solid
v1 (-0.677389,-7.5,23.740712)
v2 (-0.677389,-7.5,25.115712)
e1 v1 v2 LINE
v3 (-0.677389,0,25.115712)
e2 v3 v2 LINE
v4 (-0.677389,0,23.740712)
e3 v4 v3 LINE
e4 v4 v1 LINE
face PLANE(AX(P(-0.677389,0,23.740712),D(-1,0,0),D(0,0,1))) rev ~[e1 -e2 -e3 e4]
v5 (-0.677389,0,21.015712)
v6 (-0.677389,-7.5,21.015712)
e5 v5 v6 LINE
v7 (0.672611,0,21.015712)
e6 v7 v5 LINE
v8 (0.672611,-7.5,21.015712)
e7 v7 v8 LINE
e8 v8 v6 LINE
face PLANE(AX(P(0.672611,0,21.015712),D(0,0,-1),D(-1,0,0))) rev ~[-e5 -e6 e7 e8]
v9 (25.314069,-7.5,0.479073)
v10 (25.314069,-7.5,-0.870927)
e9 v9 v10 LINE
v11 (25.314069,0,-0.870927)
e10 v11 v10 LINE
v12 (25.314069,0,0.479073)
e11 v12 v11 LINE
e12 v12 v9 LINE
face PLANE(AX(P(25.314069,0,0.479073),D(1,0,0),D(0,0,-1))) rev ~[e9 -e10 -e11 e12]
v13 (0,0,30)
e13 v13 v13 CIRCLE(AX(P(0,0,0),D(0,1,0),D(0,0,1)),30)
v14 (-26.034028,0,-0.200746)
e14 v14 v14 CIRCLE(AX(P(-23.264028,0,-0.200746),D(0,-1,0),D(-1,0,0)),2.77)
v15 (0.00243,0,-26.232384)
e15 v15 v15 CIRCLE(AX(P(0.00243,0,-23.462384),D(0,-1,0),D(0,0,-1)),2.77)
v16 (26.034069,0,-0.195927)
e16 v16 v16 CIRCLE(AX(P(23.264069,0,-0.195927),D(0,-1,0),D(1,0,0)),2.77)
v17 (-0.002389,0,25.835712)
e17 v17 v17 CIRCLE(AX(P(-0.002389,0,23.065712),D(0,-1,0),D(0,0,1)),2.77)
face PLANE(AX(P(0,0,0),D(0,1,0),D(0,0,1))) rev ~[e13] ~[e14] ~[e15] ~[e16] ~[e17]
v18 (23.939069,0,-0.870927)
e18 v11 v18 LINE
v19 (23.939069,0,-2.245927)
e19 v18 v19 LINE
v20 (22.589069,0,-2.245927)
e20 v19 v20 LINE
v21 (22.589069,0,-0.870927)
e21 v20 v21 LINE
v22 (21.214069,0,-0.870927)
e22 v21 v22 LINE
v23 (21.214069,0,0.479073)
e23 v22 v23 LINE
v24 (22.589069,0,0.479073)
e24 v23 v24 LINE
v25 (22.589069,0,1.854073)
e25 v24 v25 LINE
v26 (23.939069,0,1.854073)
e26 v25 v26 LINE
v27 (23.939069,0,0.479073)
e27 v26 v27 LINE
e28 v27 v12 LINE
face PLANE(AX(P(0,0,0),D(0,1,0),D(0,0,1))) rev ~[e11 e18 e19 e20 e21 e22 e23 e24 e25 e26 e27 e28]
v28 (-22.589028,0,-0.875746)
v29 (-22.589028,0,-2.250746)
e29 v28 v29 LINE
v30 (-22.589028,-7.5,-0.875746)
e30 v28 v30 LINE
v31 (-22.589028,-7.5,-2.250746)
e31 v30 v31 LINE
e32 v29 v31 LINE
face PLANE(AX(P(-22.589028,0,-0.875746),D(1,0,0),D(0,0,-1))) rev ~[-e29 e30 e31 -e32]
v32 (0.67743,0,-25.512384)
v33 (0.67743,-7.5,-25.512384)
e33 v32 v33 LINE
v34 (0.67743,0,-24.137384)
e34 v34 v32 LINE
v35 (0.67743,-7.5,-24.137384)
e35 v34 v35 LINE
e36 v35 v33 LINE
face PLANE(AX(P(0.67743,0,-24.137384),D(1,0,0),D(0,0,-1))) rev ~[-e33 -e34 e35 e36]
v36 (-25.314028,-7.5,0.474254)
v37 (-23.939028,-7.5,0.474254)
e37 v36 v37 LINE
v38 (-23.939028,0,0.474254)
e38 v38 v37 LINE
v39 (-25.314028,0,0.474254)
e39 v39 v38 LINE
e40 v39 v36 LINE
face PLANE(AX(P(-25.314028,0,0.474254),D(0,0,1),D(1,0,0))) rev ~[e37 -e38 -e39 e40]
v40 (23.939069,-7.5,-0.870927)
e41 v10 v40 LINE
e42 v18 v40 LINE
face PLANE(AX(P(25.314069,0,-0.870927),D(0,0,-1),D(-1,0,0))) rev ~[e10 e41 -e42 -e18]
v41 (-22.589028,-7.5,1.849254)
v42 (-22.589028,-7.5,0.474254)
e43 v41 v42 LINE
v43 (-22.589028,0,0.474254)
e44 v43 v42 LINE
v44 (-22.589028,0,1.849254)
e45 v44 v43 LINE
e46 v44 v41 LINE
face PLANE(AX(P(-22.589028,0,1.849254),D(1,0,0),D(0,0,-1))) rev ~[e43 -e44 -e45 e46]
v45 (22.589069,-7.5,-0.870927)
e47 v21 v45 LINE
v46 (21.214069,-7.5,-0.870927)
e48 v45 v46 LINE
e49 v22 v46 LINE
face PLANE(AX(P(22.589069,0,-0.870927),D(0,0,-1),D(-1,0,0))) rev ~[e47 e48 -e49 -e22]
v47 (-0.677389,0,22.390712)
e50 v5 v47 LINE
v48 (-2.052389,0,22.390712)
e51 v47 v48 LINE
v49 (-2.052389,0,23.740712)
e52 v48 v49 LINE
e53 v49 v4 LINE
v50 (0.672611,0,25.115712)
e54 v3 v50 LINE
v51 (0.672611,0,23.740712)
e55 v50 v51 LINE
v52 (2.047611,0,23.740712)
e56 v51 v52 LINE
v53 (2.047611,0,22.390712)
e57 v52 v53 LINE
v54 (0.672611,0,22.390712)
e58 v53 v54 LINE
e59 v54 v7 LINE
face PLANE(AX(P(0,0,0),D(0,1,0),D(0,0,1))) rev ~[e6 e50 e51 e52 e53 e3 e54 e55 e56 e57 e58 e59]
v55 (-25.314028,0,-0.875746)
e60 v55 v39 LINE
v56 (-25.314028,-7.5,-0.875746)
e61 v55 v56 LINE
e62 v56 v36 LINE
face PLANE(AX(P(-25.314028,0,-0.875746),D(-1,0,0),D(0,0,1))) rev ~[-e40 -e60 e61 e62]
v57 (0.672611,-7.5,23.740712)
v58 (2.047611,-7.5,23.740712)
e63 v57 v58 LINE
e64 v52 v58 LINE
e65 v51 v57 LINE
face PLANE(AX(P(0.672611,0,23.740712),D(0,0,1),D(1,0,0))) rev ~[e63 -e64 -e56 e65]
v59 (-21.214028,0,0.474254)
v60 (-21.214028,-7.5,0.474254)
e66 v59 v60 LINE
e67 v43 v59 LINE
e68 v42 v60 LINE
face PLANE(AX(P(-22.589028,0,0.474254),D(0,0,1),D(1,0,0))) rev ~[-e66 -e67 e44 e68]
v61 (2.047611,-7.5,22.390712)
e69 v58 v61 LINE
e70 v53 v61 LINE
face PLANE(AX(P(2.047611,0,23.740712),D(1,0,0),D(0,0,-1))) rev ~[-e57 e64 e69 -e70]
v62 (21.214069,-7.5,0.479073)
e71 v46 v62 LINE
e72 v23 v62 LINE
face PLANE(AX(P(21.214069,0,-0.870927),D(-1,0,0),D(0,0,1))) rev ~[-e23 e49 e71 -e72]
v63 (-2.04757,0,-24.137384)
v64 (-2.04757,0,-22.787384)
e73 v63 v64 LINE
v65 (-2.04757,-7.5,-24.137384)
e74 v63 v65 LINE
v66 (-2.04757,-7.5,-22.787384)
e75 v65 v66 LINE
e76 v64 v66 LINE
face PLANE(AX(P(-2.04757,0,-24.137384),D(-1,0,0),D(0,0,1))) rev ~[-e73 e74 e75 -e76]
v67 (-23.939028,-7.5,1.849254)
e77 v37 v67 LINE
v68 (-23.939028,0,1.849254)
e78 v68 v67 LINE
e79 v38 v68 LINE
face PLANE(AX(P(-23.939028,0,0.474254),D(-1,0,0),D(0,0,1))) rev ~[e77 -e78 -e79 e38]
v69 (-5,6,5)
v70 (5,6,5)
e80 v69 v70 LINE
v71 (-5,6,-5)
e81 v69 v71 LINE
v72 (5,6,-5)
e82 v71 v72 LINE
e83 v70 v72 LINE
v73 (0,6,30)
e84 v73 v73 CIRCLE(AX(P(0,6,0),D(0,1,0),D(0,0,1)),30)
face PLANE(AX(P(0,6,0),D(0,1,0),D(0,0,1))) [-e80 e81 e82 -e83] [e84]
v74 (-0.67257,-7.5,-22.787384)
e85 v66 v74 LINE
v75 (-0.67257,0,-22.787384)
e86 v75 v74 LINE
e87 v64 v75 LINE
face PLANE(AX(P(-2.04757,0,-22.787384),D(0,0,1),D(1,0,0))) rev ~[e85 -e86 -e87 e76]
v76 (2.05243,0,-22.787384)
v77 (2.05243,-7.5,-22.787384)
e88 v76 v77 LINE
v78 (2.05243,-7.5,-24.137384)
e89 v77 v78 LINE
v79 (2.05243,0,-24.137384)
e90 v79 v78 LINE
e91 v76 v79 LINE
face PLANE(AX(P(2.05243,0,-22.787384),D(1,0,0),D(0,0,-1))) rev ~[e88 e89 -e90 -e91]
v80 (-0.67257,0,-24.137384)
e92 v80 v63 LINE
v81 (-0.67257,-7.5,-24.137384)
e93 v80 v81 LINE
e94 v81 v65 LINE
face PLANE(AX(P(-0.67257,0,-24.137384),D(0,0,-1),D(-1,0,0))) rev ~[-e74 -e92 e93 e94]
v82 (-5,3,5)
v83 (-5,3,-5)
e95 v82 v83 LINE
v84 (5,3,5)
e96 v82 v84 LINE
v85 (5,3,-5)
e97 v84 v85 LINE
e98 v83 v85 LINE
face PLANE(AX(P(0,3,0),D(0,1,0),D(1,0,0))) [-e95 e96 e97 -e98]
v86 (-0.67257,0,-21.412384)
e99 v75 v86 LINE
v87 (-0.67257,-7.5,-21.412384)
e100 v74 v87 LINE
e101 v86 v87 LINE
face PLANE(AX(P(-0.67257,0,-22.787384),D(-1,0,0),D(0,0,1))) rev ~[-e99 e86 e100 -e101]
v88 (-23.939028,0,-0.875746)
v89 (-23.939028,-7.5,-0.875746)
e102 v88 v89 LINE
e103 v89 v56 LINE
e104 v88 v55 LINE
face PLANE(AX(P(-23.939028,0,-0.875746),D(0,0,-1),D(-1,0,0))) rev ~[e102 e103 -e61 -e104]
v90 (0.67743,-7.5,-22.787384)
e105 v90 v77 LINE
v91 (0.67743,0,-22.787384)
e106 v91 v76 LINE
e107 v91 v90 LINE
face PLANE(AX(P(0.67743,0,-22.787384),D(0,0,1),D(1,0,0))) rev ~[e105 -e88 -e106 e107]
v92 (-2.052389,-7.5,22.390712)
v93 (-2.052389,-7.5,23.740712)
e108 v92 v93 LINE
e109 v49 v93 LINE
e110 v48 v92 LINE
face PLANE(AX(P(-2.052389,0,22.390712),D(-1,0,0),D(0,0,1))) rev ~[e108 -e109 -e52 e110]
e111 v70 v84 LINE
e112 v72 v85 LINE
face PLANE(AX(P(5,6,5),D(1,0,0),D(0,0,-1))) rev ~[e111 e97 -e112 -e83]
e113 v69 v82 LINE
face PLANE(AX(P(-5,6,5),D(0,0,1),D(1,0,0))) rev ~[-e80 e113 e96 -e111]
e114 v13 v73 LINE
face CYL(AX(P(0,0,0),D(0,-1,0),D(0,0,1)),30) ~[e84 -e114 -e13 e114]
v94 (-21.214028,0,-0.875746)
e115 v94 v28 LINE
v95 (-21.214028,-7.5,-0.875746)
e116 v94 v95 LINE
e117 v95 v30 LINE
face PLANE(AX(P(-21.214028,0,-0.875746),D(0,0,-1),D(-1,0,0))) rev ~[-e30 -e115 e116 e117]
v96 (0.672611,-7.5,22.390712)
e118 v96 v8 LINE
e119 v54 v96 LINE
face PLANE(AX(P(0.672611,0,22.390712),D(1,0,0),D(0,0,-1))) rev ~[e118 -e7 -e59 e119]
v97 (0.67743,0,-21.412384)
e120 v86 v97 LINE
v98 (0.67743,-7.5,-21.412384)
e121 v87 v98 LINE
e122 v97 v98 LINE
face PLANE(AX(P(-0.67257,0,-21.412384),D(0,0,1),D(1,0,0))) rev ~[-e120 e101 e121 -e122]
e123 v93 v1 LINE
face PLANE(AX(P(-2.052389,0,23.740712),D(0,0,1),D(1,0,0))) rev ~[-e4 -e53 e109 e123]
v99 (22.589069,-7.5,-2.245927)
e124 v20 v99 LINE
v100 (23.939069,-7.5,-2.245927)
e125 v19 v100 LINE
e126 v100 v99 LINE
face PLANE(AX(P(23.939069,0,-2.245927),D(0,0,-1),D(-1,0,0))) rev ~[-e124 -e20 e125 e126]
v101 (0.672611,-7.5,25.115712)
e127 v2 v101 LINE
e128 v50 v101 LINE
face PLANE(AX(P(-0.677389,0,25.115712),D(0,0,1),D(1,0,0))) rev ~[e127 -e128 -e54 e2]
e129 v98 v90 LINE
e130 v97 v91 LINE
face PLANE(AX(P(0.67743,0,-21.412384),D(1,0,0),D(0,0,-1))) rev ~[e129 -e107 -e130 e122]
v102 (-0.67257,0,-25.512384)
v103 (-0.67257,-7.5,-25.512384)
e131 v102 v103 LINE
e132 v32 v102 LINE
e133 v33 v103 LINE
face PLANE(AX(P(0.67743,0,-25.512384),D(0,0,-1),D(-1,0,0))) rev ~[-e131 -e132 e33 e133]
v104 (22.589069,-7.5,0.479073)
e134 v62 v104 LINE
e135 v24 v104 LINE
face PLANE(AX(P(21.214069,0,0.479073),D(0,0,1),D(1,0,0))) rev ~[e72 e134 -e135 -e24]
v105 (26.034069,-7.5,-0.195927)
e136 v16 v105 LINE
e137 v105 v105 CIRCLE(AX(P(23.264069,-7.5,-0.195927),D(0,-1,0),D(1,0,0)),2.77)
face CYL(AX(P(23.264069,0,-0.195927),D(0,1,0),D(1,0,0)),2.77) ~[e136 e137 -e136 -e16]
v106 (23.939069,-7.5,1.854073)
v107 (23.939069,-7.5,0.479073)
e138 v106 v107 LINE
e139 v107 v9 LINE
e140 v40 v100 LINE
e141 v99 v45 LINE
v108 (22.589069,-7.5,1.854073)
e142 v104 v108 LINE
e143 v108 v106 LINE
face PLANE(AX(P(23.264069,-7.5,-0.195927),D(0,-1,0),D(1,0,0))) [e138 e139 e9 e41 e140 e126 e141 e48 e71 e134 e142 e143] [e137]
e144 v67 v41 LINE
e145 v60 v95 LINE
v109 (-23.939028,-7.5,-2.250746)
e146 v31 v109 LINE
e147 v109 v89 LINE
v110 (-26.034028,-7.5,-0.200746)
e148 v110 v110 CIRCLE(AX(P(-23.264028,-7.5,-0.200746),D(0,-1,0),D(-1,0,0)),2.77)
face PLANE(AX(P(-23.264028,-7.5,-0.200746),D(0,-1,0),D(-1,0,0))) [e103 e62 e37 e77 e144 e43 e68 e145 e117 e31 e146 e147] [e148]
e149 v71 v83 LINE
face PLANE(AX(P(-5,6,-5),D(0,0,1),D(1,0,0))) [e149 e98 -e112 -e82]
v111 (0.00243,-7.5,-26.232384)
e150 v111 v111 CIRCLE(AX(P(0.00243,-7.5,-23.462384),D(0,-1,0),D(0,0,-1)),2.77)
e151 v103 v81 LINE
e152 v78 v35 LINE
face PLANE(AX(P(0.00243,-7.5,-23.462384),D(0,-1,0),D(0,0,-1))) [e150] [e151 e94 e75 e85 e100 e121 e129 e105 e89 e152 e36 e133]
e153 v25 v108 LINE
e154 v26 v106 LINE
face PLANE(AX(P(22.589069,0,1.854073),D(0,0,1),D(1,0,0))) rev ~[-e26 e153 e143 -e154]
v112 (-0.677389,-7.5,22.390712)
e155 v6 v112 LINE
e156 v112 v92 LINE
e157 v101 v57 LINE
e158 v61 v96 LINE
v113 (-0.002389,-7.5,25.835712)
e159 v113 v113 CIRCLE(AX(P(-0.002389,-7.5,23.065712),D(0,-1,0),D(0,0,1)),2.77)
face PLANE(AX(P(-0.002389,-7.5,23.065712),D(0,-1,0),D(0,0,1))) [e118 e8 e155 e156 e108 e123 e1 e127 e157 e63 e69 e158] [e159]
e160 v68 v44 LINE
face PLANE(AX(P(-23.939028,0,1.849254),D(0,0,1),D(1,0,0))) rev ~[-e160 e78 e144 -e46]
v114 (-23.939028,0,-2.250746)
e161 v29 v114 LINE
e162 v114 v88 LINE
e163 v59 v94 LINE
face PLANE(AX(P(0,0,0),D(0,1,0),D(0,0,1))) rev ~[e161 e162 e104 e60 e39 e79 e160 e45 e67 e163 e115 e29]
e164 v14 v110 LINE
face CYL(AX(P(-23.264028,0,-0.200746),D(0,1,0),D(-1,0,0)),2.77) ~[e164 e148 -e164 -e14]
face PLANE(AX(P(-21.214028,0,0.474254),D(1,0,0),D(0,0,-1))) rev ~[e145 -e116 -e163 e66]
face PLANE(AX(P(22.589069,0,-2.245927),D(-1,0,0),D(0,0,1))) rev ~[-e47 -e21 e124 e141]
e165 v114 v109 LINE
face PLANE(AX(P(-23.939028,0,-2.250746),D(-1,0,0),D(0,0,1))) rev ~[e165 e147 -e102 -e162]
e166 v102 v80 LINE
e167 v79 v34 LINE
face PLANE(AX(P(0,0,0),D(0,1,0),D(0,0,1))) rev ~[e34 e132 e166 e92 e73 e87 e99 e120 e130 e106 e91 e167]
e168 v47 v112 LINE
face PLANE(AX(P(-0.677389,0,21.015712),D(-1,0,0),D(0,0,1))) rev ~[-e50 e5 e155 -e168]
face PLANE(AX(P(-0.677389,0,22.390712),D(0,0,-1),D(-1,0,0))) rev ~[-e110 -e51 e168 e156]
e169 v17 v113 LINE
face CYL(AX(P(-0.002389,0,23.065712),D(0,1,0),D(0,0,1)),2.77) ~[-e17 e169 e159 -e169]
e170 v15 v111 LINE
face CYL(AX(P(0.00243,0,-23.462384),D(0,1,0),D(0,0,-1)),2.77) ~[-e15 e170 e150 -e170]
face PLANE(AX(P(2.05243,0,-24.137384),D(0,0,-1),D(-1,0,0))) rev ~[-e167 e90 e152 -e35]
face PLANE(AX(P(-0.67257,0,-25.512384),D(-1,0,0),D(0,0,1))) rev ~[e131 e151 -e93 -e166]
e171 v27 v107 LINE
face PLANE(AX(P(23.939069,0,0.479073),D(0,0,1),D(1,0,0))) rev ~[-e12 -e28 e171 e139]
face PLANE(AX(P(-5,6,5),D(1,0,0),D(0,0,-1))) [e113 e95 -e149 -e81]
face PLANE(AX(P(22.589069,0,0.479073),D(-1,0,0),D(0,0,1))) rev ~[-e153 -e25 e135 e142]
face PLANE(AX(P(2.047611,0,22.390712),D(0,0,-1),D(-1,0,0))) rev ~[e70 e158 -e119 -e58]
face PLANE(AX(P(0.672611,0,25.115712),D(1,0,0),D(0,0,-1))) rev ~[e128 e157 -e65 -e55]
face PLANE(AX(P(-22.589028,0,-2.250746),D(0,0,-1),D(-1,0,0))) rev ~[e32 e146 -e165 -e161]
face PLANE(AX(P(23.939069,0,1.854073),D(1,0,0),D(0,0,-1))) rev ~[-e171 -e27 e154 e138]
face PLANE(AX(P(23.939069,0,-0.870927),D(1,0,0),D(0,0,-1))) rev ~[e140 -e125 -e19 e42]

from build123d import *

# Parameters (mm, degrees)
SKETCH1_R           = 30
BOSS_EXTRUDE1_DEPTH = 6
SKETCH6_R           = 2.77
BOSS_EXTRUDE3_DEPTH = 7.5
CIRPATTERN3_COUNT   = 4
SKETCH11_W          = 10
SKETCH11_H          = 10
CUT_EXTRUDE3_DEPTH  = 3


with BuildPart() as part:
    # Sketch1 → Boss-Extrude1 (new body)
    with BuildSketch(Plane(origin=(0, 0, 0), x_dir=(1, 0, 0), z_dir=(0, 1, 0))):
        with Locations(Location((0, 0, 0), (0, 0, 270))):
            Circle(SKETCH1_R)
    extrude(amount=BOSS_EXTRUDE1_DEPTH)

    # Sketch6 → Boss-Extrude3 (add)
    with BuildSketch(Plane(origin=(0, 0, -4.132474232), x_dir=(1, 0, 0), z_dir=(0, -1, 0))):
        with Locations(Location((-0.002388639, 27.198186003, 0), (0, 0, 90))):
            Circle(SKETCH6_R)
        Polygon((2.047611361, 27.873186003), (2.047611361, 26.523186003), (0.672611361, 26.523186003), (0.672611361, 25.148186003), (-0.677388639, 25.148186003), (-0.677388639, 26.523186003), (-2.052388639, 26.523186003), (-2.052388639, 27.873186003), (-0.677388639, 27.873186003), (-0.677388639, 29.248186003), (0.672611361, 29.248186003), (0.672611361, 27.873186003), align=None, mode=Mode.SUBTRACT)
    boss_extrude3 = extrude(amount=BOSS_EXTRUDE3_DEPTH)

    # CirPattern3: Boss-Extrude3 ×4 about axis
    cirpattern3_axis = Axis((2.0539e-05, 0, -0.19833635), (0, 1, 0))
    for i in range(1, CIRPATTERN3_COUNT):
        add(boss_extrude3.rotate(cirpattern3_axis, i * 360 / CIRPATTERN3_COUNT))

    # Sketch11 → Cut-Extrude3 (cut)
    with BuildSketch(Plane(origin=(0, 6, 0), x_dir=(1, 0, 0), z_dir=(0, 1, 0))):
        Rectangle(SKETCH11_W, SKETCH11_H)
    extrude(amount=-CUT_EXTRUDE3_DEPTH, mode=Mode.SUBTRACT)


solid = part.part
